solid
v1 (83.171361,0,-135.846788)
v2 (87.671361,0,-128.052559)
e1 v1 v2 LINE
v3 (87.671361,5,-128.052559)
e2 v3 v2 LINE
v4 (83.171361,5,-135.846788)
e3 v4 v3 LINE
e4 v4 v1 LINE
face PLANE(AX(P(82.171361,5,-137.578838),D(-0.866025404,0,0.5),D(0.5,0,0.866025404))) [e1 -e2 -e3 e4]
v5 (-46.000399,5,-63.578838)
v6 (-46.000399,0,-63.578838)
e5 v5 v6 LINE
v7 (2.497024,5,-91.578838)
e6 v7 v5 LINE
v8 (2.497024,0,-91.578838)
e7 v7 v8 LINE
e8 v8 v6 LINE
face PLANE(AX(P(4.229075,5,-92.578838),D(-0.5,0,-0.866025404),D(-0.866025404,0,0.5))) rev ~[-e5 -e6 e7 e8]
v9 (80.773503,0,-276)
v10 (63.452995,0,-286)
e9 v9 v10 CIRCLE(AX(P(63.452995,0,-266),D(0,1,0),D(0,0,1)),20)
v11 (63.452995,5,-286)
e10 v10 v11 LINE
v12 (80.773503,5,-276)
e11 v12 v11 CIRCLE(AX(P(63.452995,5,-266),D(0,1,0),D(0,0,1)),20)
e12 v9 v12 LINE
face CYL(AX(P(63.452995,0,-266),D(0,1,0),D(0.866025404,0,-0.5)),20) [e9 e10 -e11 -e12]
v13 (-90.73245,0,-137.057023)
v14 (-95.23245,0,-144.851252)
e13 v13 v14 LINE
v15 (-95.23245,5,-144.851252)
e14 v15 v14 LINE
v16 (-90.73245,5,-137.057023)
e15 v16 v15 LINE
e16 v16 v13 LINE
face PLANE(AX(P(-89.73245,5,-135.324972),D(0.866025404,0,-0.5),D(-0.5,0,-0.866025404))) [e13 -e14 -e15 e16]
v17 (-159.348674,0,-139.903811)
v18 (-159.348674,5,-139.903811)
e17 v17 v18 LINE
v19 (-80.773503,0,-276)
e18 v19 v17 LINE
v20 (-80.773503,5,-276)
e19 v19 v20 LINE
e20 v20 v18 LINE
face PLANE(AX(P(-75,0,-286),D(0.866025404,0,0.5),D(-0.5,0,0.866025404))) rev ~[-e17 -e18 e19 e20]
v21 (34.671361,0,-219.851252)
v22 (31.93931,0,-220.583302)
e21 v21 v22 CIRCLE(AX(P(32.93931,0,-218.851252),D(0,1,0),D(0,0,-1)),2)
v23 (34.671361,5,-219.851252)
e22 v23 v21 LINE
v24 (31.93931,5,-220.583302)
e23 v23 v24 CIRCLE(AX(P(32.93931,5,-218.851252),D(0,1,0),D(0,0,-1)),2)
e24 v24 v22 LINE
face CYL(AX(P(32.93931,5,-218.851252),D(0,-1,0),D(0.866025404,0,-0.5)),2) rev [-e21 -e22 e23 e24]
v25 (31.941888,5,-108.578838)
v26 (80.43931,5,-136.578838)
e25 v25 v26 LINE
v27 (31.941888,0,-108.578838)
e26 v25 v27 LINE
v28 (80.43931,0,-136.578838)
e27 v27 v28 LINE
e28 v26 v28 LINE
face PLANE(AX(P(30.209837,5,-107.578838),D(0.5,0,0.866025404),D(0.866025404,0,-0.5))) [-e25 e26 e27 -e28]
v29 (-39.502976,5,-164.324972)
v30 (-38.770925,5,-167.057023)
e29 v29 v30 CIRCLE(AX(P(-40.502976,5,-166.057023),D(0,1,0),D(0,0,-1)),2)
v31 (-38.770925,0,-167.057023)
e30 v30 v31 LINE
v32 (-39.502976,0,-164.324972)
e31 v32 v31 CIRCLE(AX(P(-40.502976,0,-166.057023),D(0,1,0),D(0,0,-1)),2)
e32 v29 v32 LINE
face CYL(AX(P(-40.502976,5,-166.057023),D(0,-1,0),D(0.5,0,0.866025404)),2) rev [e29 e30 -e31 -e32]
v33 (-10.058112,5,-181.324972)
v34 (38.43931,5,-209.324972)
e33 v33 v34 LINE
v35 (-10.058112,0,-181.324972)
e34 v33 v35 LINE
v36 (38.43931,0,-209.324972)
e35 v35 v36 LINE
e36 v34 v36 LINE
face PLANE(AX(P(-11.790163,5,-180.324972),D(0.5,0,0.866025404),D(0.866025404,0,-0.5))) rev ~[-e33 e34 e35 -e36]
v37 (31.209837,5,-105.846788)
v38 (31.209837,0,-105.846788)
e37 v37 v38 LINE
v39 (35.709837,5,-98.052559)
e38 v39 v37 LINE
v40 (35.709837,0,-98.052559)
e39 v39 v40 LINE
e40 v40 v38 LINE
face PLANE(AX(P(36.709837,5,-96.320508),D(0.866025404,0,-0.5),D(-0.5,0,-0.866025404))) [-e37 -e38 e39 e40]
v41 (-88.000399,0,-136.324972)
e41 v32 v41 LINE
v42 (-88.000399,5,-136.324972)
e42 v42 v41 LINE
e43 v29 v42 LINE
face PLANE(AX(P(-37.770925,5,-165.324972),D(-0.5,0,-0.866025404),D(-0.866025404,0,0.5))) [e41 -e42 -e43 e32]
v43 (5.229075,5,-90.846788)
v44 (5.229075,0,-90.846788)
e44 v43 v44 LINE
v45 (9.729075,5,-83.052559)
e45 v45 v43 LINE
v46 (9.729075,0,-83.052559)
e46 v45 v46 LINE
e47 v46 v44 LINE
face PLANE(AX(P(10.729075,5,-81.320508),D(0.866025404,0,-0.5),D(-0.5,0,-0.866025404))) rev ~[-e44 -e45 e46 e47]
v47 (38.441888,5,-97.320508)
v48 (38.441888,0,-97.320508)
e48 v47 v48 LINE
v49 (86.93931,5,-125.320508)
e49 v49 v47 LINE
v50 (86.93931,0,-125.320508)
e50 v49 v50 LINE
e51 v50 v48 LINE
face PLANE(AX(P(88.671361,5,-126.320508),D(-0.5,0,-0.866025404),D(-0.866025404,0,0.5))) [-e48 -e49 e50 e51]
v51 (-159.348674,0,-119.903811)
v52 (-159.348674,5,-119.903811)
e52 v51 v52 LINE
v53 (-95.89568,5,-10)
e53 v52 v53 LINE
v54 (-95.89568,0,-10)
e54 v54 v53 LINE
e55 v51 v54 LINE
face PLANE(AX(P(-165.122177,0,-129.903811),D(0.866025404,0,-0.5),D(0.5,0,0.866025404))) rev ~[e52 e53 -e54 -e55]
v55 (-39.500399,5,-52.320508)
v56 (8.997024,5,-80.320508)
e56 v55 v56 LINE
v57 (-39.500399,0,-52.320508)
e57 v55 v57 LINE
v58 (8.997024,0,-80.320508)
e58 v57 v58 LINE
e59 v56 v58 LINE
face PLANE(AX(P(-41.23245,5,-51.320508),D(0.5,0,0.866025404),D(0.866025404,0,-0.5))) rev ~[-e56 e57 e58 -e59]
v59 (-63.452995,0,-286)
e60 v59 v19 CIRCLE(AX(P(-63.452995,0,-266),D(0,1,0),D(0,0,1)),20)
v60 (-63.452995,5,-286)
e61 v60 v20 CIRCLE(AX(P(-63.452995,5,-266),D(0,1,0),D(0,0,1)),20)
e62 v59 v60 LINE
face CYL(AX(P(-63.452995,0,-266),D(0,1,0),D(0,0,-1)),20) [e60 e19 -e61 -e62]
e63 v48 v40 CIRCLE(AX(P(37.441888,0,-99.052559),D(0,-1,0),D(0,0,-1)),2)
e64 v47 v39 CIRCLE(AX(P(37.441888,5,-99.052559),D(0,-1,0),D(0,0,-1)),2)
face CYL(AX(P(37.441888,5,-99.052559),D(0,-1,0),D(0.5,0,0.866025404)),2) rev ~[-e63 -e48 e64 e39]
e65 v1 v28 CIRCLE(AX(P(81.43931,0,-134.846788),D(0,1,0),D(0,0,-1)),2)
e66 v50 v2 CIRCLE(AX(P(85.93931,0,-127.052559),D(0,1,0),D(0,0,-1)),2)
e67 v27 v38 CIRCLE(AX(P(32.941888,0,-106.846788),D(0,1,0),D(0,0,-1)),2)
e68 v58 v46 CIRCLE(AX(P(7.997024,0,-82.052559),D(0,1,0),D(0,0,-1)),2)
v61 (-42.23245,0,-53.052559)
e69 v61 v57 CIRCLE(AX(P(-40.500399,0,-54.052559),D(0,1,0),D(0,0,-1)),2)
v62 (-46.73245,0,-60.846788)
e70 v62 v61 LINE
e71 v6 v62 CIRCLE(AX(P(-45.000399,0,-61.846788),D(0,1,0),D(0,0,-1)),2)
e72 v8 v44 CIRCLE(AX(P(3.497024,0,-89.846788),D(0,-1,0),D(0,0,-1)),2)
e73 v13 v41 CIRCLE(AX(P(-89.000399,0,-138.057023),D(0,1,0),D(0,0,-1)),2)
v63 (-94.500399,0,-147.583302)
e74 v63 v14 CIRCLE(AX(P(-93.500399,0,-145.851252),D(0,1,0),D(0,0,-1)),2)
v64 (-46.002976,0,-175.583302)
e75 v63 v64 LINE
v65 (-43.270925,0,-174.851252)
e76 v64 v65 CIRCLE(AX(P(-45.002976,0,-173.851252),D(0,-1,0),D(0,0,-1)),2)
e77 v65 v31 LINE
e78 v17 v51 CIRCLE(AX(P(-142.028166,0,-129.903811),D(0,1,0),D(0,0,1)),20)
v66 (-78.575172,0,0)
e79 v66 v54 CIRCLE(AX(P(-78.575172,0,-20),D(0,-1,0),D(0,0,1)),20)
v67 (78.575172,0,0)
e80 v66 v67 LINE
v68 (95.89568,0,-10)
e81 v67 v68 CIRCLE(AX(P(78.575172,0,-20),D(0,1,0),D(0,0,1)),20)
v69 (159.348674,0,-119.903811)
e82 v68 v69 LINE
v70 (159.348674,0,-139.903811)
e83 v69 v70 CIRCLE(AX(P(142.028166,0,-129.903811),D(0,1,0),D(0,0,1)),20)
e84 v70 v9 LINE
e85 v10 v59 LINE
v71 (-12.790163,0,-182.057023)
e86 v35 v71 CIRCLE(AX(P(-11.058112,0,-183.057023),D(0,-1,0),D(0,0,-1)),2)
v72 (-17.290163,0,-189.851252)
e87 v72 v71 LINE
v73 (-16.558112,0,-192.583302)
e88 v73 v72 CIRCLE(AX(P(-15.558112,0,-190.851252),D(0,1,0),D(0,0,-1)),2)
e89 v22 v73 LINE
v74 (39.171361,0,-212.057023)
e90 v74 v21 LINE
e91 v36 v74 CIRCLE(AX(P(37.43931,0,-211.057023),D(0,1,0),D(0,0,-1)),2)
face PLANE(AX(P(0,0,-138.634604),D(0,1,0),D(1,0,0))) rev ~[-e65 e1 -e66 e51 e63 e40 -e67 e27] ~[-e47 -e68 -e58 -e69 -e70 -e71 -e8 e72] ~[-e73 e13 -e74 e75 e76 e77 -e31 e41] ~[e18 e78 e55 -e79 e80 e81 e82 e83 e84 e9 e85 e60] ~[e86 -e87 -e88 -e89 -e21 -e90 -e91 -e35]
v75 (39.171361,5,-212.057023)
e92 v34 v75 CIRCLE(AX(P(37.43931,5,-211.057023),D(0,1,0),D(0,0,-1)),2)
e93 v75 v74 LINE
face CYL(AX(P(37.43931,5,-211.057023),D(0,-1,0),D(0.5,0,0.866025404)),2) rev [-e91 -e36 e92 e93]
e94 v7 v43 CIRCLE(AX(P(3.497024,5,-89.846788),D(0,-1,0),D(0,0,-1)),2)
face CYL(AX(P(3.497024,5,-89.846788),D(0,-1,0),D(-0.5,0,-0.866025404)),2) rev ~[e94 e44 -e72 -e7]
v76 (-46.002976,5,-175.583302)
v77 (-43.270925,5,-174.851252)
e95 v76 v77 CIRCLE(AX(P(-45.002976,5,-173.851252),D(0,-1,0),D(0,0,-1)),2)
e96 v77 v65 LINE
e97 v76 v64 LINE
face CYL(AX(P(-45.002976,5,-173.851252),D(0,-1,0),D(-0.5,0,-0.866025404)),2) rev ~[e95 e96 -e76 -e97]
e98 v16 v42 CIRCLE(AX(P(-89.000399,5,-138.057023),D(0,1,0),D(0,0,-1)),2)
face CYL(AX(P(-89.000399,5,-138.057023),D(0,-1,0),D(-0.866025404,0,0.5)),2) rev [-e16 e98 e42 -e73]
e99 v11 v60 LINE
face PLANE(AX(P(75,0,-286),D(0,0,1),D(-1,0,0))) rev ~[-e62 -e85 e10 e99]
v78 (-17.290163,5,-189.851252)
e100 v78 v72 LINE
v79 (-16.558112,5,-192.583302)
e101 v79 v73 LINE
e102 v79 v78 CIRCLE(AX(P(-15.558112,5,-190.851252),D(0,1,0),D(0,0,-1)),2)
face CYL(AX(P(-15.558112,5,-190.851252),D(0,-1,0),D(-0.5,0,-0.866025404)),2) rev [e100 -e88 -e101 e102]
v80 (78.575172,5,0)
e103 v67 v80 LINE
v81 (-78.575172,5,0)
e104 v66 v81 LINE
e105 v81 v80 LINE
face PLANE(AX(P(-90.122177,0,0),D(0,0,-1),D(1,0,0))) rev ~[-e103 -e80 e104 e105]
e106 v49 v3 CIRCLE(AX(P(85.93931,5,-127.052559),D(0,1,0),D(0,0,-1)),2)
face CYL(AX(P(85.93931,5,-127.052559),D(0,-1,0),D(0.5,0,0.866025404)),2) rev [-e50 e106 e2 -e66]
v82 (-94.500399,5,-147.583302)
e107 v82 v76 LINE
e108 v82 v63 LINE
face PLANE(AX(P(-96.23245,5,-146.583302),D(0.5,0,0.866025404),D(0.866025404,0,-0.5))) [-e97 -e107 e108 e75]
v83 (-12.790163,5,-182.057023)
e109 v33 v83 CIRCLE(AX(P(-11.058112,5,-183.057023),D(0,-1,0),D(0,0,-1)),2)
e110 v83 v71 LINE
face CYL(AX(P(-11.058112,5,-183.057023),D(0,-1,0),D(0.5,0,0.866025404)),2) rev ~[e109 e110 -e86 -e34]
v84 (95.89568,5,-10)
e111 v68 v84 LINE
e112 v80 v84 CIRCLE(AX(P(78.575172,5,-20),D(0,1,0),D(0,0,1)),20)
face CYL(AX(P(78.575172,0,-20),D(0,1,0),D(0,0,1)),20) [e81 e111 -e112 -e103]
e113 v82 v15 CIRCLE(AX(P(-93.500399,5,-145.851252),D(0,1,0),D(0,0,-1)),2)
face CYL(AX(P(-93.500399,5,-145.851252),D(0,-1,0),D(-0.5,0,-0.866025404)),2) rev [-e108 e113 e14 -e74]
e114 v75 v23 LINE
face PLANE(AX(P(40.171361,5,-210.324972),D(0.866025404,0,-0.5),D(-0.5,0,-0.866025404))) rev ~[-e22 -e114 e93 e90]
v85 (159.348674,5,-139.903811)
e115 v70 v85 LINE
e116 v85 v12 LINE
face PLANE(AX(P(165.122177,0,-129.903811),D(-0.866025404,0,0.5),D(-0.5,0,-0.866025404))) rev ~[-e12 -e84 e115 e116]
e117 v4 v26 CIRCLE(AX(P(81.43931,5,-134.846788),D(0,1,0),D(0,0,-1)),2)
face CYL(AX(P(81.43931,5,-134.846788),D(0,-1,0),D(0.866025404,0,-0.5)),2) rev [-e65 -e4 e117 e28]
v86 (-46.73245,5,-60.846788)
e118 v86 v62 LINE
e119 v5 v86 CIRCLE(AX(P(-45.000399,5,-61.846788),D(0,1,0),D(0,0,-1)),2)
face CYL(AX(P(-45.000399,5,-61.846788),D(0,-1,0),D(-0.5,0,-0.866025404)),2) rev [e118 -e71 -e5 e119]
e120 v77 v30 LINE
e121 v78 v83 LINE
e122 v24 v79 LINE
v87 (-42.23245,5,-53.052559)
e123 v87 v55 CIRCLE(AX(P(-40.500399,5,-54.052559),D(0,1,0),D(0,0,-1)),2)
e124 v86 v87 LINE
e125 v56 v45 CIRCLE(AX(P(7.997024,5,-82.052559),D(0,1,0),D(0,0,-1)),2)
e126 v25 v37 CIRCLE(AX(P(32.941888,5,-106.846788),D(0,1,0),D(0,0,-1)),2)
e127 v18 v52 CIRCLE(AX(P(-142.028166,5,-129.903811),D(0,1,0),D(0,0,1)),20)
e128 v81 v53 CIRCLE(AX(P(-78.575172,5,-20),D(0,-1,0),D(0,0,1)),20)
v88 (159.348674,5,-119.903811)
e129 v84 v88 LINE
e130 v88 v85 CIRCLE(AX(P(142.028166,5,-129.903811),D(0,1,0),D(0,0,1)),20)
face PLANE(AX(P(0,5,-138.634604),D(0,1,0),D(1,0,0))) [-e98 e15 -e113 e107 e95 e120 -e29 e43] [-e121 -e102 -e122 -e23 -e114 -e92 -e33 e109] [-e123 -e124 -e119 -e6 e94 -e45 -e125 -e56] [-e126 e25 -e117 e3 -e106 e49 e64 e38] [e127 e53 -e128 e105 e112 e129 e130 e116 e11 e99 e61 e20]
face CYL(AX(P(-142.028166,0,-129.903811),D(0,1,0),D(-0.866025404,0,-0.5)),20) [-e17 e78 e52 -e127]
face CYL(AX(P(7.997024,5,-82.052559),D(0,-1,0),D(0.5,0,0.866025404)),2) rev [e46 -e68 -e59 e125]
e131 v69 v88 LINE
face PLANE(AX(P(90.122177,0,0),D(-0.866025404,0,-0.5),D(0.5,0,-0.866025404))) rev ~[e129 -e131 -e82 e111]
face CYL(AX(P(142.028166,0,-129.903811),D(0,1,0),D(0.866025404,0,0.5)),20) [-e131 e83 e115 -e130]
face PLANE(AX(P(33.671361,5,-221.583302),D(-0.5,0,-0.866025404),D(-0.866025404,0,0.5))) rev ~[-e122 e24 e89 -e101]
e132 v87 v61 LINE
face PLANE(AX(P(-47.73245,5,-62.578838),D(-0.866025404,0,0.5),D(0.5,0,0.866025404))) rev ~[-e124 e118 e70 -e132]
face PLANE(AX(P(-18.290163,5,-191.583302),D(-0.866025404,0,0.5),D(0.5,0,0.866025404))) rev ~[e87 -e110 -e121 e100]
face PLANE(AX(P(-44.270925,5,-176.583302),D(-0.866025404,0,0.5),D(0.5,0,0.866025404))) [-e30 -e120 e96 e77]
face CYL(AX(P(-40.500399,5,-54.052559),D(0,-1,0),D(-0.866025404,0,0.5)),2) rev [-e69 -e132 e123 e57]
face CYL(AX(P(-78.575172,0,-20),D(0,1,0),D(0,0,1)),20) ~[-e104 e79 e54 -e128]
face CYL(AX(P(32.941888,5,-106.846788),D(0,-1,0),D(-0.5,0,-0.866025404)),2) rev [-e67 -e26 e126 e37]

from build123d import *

# Parameters (mm, degrees)
EXTRUDE_1_DEPTH     = 5
FILLET_1_R          = 20
CUT_EXTRUDE_1_DEPTH = 10
FILLET_2_R          = 2


with BuildPart() as part:
    # 草圖1 → 填料-伸長1 (new body)
    with BuildSketch(Plane(origin=(0, 0, 0), x_dir=(1, 0, 0), z_dir=(0, 1, 0))):
        Polygon((-90.122176988, 0), (90.122176988, 0), (165.122176988, 129.903810568), (75, 286), (-75, 286), (-165.122176988, 129.903810568), align=None)
    extrude(amount=EXTRUDE_1_DEPTH)

    # 圓角1
    fillet_1_edges = [part.edges().sort_by_distance(p)[0] for p in [
        (-165.122176988, 2.5, -129.903810568),
        (-75, 2.5, -286),
        (75, 2.5, -286),
        (165.122176988, 2.5, -129.903810568),
        (90.122176988, 2.5, 0),
        (-90.122176988, 2.5, 0),
    ]]
    fillet(fillet_1_edges, radius=FILLET_1_R)

    # 草圖2 → 除料-伸長1 (cut)
    with BuildSketch(Plane(origin=(0, 5, 0), x_dir=(1, 0, 0), z_dir=(0, 1, 0))):
        Polygon((-11.79016319, 180.324972243), (40.171361037, 210.324972243), (33.671361037, 221.583302492), (-18.29016319, 191.583302492), align=None)
        Polygon((-44.270925304, 176.583302492), (-37.770925304, 165.324972243), (-89.732449531, 135.324972243), (-96.232449531, 146.583302492), align=None)
        Polygon((4.229074696, 92.578838325), (-47.732449531, 62.578838325), (-41.232449531, 51.320508076), (10.729074696, 81.320508076), align=None)
        Polygon((36.70983681, 96.320508076), (30.20983681, 107.578838325), (82.171361037, 137.578838325), (88.671361037, 126.320508076), align=None)
    extrude(amount=-CUT_EXTRUDE_1_DEPTH, mode=Mode.SUBTRACT)

    # 圓角2
    fillet_2_edges = [part.edges().sort_by_distance(p)[0] for p in [
        (88.671361037, 2.5, -126.320508076),
        (36.70983681, 2.5, -96.320508076),
        (30.20983681, 2.5, -107.578838325),
        (82.171361037, 2.5, -137.578838325),
        (-11.79016319, 2.5, -180.324972243),
        (-18.29016319, 2.5, -191.583302492),
        (33.671361037, 2.5, -221.583302492),
        (40.171361037, 2.5, -210.324972243),
        (-96.232449531, 2.5, -146.583302492),
        (-44.270925304, 2.5, -176.583302492),
        (-37.770925304, 2.5, -165.324972243),
        (-89.732449531, 2.5, -135.324972243),
        (4.229074696, 2.5, -92.578838325),
        (10.729074696, 2.5, -81.320508076),
        (-41.232449531, 2.5, -51.320508076),
        (-47.732449531, 2.5, -62.578838325),
    ]]
    fillet(fillet_2_edges, radius=FILLET_2_R)


solid = part.part
